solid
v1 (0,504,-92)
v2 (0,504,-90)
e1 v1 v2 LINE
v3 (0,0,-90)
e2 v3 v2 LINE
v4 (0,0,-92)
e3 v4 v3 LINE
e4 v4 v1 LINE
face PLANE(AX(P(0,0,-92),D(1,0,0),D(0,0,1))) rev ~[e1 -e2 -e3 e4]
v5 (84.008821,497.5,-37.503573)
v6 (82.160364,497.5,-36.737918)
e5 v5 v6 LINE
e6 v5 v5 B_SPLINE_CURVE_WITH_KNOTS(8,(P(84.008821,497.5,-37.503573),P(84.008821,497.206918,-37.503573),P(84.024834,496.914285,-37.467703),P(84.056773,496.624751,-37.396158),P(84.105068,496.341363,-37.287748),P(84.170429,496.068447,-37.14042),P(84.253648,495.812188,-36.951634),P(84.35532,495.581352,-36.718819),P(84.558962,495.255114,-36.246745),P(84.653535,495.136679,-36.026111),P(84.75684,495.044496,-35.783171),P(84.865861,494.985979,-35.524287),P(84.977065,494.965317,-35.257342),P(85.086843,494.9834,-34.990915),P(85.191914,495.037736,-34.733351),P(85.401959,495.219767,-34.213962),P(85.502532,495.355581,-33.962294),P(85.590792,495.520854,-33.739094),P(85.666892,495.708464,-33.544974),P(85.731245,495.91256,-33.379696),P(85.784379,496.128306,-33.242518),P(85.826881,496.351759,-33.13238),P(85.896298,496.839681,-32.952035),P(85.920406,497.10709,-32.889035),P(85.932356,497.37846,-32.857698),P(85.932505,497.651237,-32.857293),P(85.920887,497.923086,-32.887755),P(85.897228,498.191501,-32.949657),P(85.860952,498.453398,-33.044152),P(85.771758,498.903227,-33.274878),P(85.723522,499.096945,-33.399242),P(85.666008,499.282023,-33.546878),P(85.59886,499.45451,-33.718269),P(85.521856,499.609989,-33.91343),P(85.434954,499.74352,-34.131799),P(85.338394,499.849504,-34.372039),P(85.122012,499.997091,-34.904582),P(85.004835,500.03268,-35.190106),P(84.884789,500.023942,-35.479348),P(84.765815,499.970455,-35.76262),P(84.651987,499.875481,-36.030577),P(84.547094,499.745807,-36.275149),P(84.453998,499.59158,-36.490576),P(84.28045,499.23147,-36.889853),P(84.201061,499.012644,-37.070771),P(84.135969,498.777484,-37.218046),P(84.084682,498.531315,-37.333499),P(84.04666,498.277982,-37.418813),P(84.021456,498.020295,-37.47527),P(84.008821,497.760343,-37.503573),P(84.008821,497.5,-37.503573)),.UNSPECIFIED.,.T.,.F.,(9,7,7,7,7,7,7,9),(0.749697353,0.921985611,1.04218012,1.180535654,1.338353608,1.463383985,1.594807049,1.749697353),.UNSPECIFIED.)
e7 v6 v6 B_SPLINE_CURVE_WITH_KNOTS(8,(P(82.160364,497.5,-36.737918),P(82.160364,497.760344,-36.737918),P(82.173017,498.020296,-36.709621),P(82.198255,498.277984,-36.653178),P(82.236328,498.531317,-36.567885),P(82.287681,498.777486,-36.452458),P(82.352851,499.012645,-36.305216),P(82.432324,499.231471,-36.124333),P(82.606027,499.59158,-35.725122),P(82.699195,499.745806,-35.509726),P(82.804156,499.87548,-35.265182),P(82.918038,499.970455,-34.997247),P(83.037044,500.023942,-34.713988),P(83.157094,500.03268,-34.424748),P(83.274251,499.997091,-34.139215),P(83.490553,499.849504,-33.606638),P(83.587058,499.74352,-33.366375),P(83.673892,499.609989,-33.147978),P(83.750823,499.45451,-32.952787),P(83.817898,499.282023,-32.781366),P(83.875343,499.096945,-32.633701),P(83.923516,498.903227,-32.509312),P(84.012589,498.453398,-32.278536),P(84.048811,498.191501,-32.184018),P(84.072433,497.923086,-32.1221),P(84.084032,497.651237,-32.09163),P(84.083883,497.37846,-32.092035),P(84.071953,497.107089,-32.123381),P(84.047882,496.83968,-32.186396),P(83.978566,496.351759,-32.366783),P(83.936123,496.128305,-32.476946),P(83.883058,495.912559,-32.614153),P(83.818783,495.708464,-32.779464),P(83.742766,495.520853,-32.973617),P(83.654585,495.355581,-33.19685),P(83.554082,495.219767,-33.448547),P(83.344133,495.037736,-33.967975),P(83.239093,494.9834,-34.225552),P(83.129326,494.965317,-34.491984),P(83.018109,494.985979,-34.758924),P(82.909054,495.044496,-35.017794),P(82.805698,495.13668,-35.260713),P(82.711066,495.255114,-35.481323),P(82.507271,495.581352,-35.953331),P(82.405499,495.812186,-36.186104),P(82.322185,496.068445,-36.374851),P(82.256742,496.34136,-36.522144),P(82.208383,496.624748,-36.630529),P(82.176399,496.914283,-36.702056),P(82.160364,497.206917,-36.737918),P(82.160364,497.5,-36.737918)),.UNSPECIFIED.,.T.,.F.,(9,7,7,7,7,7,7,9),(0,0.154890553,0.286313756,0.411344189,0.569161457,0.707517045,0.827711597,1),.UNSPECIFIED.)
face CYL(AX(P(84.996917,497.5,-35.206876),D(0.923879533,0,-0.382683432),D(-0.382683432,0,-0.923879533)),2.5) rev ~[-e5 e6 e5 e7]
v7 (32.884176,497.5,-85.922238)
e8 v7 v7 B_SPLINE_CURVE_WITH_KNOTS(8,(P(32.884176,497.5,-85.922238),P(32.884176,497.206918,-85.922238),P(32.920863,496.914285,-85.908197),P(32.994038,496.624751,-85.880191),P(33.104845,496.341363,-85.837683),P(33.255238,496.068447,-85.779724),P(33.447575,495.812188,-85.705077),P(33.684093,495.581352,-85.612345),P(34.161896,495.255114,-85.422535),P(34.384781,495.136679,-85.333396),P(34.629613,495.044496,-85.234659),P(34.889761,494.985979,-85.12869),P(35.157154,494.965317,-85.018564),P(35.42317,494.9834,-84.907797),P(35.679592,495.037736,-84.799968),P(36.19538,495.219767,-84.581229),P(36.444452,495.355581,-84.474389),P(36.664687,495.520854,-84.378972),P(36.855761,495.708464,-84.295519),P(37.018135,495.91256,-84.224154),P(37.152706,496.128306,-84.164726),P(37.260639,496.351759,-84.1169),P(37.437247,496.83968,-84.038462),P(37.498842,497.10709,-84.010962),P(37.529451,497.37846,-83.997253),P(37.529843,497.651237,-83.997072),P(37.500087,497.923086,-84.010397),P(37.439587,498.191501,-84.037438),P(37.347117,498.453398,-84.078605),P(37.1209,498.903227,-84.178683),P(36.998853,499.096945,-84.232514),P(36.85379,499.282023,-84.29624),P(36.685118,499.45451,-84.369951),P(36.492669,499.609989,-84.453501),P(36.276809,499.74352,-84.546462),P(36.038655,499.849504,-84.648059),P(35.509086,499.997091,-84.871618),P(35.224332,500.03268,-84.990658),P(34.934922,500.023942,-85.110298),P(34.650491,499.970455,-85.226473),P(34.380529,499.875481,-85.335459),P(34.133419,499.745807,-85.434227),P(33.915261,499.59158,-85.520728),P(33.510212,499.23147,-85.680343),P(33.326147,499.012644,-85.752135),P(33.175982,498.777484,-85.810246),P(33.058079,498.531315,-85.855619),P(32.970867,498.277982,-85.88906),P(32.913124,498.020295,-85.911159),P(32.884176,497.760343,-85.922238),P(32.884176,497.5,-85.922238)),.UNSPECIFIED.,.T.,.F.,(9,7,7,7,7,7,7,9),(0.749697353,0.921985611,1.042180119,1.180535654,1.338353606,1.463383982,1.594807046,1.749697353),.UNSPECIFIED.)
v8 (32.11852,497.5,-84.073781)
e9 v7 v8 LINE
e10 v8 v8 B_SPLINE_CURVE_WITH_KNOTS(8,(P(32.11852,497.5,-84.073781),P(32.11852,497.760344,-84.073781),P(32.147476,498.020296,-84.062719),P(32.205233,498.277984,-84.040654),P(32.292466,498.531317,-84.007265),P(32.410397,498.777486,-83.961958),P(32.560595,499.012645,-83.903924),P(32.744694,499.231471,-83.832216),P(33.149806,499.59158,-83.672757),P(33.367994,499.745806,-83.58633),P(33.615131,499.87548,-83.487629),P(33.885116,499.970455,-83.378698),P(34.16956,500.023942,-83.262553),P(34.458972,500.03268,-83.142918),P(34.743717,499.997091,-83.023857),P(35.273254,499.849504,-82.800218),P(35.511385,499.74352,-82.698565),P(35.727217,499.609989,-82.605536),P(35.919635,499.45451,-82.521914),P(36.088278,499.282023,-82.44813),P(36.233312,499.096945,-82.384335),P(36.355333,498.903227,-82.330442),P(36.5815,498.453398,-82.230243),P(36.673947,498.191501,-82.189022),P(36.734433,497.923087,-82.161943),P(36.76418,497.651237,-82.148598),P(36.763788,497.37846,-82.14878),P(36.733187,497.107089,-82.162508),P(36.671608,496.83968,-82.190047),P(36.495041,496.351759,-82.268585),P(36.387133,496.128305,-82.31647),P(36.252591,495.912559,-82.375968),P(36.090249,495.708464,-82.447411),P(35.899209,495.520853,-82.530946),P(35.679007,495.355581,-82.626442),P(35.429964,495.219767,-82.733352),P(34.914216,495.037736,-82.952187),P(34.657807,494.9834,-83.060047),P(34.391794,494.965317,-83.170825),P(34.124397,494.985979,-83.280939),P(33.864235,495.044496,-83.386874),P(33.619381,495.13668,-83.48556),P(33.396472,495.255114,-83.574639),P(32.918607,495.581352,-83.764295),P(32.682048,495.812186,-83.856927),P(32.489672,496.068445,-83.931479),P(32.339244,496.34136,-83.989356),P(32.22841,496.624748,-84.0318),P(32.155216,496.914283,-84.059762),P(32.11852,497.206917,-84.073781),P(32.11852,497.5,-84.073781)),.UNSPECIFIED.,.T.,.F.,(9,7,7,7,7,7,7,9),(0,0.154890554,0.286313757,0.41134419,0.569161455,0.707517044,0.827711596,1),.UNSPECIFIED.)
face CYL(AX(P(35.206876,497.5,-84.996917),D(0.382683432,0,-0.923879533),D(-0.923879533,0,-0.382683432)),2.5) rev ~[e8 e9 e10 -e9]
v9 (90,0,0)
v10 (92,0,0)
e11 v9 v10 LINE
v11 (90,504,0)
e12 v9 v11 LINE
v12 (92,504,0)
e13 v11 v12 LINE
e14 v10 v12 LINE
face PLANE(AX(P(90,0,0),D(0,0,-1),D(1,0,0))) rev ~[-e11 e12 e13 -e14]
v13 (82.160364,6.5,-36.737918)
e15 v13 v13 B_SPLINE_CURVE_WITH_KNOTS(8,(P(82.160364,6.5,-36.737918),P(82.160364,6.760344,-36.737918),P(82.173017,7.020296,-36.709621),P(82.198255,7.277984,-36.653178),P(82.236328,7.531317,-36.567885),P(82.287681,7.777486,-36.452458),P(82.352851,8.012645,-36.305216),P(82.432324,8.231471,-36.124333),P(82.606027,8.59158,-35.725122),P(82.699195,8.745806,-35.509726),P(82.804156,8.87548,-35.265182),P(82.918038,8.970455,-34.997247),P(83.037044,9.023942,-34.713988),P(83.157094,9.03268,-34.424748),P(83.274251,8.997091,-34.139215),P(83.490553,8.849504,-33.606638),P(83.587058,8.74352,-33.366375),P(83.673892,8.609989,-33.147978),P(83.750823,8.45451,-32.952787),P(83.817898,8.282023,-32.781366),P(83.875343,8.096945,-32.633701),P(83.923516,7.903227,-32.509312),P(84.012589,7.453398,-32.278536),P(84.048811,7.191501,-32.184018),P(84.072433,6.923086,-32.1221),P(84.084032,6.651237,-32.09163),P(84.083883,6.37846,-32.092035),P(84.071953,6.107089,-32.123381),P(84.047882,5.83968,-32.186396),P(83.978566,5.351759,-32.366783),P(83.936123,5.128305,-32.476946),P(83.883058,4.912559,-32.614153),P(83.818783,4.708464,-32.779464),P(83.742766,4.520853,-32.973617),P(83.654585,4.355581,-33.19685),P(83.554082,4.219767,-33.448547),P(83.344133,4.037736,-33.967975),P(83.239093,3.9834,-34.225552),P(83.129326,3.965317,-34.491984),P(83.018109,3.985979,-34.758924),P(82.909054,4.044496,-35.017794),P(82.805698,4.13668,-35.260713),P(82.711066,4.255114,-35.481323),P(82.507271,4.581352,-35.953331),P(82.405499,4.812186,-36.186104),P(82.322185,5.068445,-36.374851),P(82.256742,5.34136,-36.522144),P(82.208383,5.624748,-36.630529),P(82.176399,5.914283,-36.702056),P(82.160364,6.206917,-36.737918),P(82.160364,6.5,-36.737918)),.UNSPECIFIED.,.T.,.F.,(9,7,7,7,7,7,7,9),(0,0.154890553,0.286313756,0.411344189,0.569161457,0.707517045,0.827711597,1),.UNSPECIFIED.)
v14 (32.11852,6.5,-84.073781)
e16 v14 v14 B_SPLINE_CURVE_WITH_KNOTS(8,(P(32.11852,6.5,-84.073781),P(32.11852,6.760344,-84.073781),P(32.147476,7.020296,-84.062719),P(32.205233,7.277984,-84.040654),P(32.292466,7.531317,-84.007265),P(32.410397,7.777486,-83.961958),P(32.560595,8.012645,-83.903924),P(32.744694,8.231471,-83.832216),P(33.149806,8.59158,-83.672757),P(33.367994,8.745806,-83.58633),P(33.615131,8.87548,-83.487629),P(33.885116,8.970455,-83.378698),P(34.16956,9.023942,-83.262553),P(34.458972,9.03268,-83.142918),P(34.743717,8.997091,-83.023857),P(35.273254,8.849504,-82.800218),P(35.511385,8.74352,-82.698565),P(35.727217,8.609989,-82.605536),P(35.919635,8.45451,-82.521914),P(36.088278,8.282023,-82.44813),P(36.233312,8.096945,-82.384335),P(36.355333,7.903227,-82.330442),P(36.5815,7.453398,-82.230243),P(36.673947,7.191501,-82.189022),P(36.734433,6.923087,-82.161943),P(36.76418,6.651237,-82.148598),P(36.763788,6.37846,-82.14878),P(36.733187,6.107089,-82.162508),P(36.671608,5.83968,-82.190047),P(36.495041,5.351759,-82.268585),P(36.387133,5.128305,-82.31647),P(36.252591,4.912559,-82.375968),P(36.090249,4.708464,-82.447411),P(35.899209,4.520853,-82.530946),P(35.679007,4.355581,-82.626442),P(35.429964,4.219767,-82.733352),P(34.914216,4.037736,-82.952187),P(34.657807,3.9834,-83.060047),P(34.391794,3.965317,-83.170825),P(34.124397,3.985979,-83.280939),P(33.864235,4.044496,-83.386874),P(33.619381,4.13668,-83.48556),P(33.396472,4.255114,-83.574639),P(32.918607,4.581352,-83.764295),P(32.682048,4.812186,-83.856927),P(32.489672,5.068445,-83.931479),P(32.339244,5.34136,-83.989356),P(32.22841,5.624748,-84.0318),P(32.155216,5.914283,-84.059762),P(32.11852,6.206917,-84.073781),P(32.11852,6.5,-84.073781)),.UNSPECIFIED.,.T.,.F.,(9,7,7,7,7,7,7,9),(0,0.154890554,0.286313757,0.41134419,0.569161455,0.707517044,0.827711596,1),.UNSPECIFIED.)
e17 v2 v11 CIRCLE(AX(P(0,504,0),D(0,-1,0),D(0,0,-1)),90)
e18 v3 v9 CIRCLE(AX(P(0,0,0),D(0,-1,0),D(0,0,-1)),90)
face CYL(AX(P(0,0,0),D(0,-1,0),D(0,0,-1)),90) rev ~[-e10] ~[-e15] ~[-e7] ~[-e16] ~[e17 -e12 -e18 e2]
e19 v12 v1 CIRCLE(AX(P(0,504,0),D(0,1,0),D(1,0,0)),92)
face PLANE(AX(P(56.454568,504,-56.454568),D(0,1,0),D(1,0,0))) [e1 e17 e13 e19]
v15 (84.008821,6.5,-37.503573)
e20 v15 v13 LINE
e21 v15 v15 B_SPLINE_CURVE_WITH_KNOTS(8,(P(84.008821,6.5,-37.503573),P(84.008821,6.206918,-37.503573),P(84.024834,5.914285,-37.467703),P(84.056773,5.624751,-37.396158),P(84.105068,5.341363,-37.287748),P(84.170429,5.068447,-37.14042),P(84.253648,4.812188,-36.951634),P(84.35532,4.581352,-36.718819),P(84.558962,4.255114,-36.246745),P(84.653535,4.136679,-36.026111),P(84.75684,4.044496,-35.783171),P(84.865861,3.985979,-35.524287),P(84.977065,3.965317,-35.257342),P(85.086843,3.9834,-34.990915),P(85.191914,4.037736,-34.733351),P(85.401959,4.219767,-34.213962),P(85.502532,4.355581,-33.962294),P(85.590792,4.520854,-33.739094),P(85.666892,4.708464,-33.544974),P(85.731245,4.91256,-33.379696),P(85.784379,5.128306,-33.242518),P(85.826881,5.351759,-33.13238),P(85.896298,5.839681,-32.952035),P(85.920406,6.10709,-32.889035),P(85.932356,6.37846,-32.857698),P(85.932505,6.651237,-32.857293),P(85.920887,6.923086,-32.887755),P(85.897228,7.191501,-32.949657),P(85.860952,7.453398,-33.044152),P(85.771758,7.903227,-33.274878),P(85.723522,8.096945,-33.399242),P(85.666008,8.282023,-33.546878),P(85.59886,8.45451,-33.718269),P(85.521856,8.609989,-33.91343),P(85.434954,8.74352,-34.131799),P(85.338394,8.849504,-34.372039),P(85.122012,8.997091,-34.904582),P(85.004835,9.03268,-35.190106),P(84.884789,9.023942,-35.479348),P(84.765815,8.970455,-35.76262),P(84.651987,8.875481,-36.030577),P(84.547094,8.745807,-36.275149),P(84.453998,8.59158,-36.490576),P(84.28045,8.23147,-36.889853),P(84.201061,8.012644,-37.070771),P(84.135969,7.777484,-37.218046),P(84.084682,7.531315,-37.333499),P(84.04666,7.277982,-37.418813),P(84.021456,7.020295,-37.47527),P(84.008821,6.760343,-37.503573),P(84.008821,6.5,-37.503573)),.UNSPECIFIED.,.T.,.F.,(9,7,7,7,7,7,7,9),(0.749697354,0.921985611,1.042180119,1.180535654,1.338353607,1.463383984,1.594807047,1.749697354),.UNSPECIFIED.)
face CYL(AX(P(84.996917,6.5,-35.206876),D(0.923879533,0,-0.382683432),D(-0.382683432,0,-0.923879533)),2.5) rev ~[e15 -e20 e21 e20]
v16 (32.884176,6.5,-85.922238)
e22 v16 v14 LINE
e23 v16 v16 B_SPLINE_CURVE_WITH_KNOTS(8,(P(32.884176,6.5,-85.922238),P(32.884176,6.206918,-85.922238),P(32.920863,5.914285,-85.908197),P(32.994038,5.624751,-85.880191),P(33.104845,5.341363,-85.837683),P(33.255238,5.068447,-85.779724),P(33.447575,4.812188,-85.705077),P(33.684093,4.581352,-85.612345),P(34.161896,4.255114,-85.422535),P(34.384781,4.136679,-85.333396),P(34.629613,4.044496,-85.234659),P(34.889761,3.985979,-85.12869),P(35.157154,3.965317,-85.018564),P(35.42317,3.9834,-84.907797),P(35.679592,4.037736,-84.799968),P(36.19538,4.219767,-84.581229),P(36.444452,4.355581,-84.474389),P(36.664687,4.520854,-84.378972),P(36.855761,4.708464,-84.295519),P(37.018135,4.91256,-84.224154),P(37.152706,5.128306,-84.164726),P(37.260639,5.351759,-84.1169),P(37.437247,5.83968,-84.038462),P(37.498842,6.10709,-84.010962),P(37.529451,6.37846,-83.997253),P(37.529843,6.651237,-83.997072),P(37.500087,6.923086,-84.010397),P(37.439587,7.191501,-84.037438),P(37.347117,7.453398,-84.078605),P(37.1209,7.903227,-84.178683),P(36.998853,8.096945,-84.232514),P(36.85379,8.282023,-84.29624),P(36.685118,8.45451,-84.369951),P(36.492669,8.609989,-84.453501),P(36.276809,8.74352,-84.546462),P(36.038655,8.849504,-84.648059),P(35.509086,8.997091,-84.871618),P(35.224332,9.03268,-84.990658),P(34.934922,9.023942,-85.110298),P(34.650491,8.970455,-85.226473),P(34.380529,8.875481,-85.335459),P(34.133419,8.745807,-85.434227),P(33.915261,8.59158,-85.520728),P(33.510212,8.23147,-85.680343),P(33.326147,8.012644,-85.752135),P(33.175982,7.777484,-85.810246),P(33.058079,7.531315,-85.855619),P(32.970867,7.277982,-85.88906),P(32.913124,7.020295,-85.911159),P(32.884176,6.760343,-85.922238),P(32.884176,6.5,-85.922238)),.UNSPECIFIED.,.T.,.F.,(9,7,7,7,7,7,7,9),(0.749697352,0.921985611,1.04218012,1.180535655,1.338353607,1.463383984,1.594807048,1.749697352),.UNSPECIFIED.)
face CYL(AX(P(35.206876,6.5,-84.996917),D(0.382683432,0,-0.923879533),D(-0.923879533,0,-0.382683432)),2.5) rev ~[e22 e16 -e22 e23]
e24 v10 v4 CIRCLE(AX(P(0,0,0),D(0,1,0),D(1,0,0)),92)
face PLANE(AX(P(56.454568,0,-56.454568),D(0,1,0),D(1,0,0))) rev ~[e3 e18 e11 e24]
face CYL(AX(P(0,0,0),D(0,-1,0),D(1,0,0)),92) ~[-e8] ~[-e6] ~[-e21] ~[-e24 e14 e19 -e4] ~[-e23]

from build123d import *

# Parameters (mm, degrees)
BOSS_EXTRUDE1_DEPTH     = 504
CUT_EXTRUDE2_REACH      = 516.263
CUT_EXTRUDE2_END_RADIUS = 90
SKETCH3_R               = 2.5
CUT_EXTRUDE3_REACH      = 516.263
CUT_EXTRUDE3_END_RADIUS = 90
SKETCH5_R               = 2.5
LPATTERN2_COUNT         = 2
LPATTERN2_PITCH         = 491


with BuildPart() as part:
    # Sketch1 → Boss-Extrude1 (new body)
    with BuildSketch(Plane(origin=(0, 0, 0), x_dir=(1, 0, 0), z_dir=(0, 1, 0))):
        with BuildLine():
            Line((0, 92), (0, 90))
            ThreePointArc((0, 90), (63.639610307, 63.639610307), (90, 0))
            Line((90, 0), (92, 0))
            ThreePointArc((92, 0), (65.053823869, 65.053823869), (0, 92))
        make_face()
    extrude(amount=BOSS_EXTRUDE1_DEPTH)

    # Cut-Extrude2: up to this cylinder (the profile starts outside it)
    cut_extrude2_end = Plane(origin=(0, 6.5, 0), z_dir=(0, -1, 0)) * Cylinder(CUT_EXTRUDE2_END_RADIUS, 1213.526, mode=Mode.PRIVATE)
    # Sketch3 → Cut-Extrude2 (cut, up to the surface)
    with BuildSketch(Plane(origin=(84.996916991, 0, -35.206875778), x_dir=(-0.38268343236509045, 0, -0.9238795325112865), z_dir=(0.9238795325112865, 0, -0.38268343236509045)), mode=Mode.PRIVATE) as cut_extrude2_sk1:
        with Locations((0, 6.5)):
            Circle(SKETCH3_R)
    cut_extrude2_tool1 = extrude(cut_extrude2_sk1.sketch, amount=-CUT_EXTRUDE2_REACH, mode=Mode.PRIVATE) - cut_extrude2_end
    cut_extrude2 = cut_extrude2_tool1.solids().sort_by_distance((84.996917, 6.5, -35.206876))[0]
    add(cut_extrude2, mode=Mode.SUBTRACT)

    # Cut-Extrude3: up to this cylinder (the profile starts outside it)
    cut_extrude3_end = Plane(origin=(0, 6.5, 0), z_dir=(0, -1, 0)) * Cylinder(CUT_EXTRUDE3_END_RADIUS, 1213.526, mode=Mode.PRIVATE)
    # Sketch5 → Cut-Extrude3 (cut, up to the surface)
    with BuildSketch(Plane(origin=(35.206875778, 0, -84.996916991), x_dir=(-0.9238795325112878, 0, -0.3826834323650876), z_dir=(0.3826834323650876, 0, -0.9238795325112878)), mode=Mode.PRIVATE) as cut_extrude3_sk1:
        with Locations((0, 6.5)):
            Circle(SKETCH5_R)
    cut_extrude3_tool1 = extrude(cut_extrude3_sk1.sketch, amount=-CUT_EXTRUDE3_REACH, mode=Mode.PRIVATE) - cut_extrude3_end
    cut_extrude3 = cut_extrude3_tool1.solids().sort_by_distance((35.206876, 6.5, -84.996917))[0]
    add(cut_extrude3, mode=Mode.SUBTRACT)

    # LPattern2: Cut-Extrude2, Cut-Extrude3 ×2
    with Locations(*[(0, i * LPATTERN2_PITCH, 0) for i in range(1, LPATTERN2_COUNT)]):
        add(cut_extrude2, mode=Mode.SUBTRACT)
        add(cut_extrude3, mode=Mode.SUBTRACT)


solid = part.part
